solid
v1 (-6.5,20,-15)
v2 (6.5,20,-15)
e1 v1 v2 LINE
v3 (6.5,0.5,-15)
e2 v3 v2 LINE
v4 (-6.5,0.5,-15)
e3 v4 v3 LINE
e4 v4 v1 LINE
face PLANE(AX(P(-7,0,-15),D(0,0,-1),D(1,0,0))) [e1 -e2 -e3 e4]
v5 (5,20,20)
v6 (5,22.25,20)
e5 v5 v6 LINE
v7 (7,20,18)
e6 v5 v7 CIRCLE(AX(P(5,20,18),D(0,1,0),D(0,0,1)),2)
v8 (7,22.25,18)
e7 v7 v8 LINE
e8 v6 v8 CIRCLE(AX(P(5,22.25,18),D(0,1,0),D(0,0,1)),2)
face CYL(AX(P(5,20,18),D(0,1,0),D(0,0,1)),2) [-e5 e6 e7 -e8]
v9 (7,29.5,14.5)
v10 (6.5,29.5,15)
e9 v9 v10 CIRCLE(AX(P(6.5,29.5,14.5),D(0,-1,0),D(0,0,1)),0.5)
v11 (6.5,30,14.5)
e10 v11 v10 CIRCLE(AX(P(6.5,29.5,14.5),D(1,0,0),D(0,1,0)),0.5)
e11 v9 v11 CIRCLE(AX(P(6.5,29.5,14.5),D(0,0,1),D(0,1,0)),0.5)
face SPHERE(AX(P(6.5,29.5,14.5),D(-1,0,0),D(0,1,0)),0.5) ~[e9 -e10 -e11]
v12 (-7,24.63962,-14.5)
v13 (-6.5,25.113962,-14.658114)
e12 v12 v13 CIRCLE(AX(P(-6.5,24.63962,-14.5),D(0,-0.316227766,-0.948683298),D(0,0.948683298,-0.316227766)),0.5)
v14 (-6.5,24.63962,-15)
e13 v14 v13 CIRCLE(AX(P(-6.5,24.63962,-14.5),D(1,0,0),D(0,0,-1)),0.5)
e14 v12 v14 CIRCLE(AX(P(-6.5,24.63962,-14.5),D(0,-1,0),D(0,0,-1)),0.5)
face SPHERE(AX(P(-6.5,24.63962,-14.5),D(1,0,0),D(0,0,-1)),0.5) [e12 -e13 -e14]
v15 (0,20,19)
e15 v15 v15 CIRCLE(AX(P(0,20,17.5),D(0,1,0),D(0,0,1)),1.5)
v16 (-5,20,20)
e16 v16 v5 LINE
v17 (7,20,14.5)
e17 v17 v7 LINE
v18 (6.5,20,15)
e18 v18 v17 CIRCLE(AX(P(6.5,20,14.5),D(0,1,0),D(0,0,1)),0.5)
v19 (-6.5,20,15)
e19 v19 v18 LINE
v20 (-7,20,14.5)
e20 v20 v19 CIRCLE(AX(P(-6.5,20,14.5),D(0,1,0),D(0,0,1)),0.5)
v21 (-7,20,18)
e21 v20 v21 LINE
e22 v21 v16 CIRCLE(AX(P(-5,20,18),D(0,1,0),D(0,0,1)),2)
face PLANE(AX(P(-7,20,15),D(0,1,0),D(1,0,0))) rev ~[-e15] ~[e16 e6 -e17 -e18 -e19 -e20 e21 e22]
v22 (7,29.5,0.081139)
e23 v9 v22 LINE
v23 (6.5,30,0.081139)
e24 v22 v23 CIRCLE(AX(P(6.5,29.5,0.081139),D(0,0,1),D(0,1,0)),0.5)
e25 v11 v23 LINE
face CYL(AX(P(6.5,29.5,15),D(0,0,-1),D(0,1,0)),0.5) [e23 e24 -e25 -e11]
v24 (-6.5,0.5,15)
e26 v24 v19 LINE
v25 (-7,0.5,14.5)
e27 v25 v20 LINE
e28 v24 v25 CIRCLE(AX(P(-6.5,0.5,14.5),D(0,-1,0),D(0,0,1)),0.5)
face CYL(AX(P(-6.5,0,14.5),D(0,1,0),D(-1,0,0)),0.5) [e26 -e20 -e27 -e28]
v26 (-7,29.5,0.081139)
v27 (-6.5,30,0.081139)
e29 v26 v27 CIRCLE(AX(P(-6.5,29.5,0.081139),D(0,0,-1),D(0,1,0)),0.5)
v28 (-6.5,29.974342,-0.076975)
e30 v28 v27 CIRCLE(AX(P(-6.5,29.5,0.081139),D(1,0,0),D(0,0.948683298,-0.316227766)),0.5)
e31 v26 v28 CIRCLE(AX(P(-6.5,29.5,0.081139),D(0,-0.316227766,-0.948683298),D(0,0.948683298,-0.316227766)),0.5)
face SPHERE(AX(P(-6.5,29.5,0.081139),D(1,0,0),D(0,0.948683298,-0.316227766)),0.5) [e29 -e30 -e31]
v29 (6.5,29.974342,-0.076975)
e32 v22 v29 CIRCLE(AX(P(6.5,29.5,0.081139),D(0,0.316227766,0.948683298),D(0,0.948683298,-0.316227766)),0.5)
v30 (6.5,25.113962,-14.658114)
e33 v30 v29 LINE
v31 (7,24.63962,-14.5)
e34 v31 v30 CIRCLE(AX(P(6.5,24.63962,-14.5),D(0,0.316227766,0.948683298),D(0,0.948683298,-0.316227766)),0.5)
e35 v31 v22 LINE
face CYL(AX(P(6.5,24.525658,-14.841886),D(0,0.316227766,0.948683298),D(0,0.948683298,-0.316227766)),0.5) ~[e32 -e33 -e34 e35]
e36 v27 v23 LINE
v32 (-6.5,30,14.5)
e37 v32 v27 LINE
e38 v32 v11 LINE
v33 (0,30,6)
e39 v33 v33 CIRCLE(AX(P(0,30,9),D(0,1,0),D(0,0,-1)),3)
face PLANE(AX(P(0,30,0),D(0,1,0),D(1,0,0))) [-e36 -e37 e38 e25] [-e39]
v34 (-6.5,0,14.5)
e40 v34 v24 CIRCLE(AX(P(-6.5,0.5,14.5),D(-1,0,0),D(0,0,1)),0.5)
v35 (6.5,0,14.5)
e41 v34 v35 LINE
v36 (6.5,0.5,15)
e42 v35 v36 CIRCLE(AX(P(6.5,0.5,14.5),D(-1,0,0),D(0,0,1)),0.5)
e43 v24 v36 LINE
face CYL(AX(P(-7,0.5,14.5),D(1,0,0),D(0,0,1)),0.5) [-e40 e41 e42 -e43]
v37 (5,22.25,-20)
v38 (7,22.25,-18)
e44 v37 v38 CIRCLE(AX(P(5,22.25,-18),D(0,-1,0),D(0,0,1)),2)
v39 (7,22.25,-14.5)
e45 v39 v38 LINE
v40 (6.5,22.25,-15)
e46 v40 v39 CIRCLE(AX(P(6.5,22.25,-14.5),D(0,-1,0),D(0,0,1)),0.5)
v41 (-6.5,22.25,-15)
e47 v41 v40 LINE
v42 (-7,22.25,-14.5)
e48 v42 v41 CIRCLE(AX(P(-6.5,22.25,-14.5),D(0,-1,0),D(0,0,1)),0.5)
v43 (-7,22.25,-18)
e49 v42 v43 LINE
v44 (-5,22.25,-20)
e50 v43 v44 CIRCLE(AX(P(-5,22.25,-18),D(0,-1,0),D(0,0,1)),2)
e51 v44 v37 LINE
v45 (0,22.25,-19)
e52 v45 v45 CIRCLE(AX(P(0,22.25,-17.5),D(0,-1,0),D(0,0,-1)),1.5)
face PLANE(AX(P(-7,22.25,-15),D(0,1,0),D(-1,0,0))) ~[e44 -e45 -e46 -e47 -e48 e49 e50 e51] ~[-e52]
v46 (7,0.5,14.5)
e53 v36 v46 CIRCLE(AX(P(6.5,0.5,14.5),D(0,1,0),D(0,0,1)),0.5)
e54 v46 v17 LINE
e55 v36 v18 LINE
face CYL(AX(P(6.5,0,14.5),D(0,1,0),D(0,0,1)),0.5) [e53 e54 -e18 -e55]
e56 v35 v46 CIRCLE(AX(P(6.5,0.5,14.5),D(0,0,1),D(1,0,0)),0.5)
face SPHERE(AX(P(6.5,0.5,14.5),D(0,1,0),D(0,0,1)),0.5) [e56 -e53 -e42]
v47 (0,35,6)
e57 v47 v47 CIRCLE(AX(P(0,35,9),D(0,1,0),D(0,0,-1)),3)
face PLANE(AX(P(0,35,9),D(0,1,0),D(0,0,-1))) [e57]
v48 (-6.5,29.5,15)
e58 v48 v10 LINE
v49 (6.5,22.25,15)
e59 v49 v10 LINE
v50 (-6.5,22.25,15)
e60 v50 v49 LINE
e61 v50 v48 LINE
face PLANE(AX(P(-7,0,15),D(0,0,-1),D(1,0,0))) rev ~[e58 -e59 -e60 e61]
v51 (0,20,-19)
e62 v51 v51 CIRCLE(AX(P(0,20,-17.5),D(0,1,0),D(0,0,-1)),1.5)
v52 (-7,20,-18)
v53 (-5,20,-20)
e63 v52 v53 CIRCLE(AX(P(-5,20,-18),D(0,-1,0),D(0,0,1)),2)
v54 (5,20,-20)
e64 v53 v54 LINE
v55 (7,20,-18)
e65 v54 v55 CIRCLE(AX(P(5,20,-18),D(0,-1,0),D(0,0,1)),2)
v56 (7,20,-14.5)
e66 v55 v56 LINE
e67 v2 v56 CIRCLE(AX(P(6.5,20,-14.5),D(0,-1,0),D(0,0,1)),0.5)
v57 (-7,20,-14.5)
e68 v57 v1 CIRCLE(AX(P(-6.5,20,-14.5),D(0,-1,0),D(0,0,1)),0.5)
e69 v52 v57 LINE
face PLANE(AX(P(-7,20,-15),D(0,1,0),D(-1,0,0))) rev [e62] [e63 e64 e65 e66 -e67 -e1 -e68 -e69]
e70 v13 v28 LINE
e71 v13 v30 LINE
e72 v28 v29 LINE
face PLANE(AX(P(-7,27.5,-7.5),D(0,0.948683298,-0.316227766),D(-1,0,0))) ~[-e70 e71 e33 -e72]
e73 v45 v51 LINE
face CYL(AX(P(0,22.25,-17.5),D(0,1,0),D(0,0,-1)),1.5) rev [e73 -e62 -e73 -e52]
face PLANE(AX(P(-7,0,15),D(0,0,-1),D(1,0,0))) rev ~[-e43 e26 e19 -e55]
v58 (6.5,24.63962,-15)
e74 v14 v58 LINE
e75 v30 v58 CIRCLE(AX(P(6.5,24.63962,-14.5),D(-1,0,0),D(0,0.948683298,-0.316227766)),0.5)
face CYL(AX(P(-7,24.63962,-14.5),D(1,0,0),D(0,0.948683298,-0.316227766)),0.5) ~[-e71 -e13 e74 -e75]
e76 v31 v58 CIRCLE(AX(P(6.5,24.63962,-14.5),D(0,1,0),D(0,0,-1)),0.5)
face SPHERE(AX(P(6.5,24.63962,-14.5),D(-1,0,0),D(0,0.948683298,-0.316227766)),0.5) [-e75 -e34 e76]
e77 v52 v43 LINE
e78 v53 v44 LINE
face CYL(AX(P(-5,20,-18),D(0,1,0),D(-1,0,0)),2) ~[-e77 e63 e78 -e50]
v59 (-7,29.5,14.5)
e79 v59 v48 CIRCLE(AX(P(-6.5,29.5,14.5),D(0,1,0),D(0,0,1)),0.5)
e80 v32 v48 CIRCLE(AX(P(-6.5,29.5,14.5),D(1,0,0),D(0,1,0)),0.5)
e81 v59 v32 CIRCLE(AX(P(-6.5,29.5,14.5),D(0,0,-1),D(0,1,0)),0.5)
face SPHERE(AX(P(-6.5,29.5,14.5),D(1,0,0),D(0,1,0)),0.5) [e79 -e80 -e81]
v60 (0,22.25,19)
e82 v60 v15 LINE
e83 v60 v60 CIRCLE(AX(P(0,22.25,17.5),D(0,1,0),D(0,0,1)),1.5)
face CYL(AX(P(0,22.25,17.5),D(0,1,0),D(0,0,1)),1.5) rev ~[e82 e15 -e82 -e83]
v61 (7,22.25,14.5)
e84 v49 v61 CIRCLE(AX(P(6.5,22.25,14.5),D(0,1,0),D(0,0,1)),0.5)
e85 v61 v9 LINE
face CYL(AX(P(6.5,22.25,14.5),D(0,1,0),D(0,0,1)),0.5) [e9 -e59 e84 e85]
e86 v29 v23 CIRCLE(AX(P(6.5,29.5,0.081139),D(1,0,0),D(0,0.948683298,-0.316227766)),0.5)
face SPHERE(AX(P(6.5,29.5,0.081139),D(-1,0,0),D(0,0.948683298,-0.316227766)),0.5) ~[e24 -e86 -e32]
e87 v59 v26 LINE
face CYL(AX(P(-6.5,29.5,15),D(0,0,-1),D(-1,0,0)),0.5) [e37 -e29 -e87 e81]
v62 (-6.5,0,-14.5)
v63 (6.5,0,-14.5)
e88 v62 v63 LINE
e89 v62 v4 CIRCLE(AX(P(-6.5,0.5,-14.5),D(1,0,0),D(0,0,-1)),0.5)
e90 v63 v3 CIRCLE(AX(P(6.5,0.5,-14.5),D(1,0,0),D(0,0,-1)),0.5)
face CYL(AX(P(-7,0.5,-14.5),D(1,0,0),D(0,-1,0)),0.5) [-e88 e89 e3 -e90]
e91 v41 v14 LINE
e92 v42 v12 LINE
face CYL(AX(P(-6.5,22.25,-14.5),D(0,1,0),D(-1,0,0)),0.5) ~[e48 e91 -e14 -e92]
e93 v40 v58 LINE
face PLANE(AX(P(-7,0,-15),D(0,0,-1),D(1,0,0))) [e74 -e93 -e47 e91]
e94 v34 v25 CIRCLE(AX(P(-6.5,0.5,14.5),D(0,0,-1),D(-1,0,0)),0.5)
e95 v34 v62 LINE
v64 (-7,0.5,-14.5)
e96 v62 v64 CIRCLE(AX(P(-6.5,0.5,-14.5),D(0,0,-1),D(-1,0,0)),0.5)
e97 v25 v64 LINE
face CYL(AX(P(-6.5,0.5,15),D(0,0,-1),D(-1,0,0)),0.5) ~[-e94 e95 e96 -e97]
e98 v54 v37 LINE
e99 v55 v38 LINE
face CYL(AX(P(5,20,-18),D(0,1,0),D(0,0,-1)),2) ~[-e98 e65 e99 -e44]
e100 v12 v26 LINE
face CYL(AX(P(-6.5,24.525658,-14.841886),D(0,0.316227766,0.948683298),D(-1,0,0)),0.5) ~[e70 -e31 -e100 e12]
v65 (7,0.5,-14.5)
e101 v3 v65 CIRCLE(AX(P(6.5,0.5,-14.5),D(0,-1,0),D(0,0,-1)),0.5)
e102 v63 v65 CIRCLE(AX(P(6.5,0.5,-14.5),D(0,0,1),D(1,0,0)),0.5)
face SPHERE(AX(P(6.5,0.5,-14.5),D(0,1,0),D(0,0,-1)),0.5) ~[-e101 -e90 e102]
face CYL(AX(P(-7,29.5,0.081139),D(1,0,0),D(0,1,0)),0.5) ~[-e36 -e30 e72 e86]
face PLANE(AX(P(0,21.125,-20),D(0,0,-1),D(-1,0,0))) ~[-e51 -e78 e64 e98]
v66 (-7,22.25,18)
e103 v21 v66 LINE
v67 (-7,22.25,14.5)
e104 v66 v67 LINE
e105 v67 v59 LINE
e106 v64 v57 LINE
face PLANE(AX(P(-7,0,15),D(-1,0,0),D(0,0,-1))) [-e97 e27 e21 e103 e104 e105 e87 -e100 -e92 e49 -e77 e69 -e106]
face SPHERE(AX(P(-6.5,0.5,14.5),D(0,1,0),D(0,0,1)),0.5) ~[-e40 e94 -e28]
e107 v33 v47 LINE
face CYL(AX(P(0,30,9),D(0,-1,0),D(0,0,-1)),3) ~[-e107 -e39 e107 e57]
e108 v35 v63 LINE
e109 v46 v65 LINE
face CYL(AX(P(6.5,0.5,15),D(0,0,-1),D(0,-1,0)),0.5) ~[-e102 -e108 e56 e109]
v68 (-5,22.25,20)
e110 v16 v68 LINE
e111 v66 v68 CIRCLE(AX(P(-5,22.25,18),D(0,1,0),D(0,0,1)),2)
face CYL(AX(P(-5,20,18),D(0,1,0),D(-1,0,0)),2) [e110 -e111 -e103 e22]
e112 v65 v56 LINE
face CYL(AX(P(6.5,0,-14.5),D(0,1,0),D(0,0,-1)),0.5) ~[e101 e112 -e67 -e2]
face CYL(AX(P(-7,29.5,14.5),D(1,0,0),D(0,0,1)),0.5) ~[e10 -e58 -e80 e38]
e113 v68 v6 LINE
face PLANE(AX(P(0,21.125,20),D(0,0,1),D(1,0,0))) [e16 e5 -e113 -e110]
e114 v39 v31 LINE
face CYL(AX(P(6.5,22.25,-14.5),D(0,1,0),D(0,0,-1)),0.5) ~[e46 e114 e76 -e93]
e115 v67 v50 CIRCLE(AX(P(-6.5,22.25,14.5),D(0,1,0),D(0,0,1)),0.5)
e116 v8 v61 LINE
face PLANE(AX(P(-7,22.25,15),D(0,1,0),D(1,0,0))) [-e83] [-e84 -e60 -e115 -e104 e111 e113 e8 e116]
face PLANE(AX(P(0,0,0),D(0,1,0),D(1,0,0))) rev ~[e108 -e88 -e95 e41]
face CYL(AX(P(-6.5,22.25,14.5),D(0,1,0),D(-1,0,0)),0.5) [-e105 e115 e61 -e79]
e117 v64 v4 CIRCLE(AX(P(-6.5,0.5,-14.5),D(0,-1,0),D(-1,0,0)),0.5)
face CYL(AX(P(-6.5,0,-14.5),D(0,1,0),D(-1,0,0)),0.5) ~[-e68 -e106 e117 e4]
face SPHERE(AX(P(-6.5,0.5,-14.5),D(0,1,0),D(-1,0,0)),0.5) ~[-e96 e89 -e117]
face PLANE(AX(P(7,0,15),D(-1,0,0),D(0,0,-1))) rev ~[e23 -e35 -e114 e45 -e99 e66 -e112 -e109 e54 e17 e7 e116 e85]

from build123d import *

# Parameters (mm, degrees)
SKETCH1_W           = 14
SKETCH1_H           = 30
BOSS_EXTRUDE1_DEPTH = 30
SKETCH2_W           = 14
SKETCH2_H           = 2.25
BOSS_EXTRUDE2_DEPTH = 5
SKETCH3_R           = 1.5
CUT_EXTRUDE1_DEPTH  = 31.725600076
SKETCH4_R           = 3
BOSS_EXTRUDE3_DEPTH = 5
CHAMFER1_SIZE       = 5
CHAMFER1_SIZE2      = 15
FILLET1_R           = 2
FILLET2_R           = 0.5


with BuildPart() as part:
    # Sketch1 → Boss-Extrude1 (new body)
    with BuildSketch(Plane(origin=(0, 0, 0), x_dir=(1, 0, 0), z_dir=(0, 1, 0))):
        Rectangle(SKETCH1_W, SKETCH1_H)
    extrude(amount=BOSS_EXTRUDE1_DEPTH)

    # Sketch2 → Boss-Extrude2 (add)
    with BuildSketch(Plane.XY.offset(15)):
        with Locations((0, 21.125)):
            Rectangle(SKETCH2_W, SKETCH2_H)
    boss_extrude2 = extrude(amount=BOSS_EXTRUDE2_DEPTH)

    # Sketch3 → Cut-Extrude1 (cut, through all)
    with BuildSketch(Plane(origin=(0, 22.25, 0), x_dir=(1, 0, 0), z_dir=(0, 1, 0))):
        with Locations(Location((0, -17.5, 0), (0, 0, 270))):
            Circle(SKETCH3_R)
    cut_extrude1 = extrude(amount=-CUT_EXTRUDE1_DEPTH, mode=Mode.SUBTRACT)

    # Mirror1: Boss-Extrude2, Cut-Extrude1 across plane
    add(boss_extrude2.mirror(Plane.XY))
    add(cut_extrude1.mirror(Plane.XY), mode=Mode.SUBTRACT)

    # Sketch4 → Boss-Extrude3 (add)
    with BuildSketch(Plane(origin=(0, 30, 0), x_dir=(1, 0, 0), z_dir=(0, 1, 0))):
        with Locations(Location((0, -9, 0), (0, 0, 90))):
            Circle(SKETCH4_R)
    extrude(amount=BOSS_EXTRUDE3_DEPTH)

    # Chamfer1
    chamfer1_edges = [part.edges().sort_by_distance(p)[0] for p in [
        (0, 30, -15),
    ]]
    chamfer1_side = [part.faces().sort_by_distance(p)[0] for p in [
        (0, 26.125, -15),
    ]]
    chamfer(chamfer1_edges, length=CHAMFER1_SIZE, length2=CHAMFER1_SIZE2, reference=chamfer1_side[0])

    # Fillet1
    fillet1_edges = [part.edges().sort_by_distance(p)[0] for p in [
        (-7, 21.125, 20),
        (7, 21.125, 20),
        (-7, 21.125, -20),
        (7, 21.125, -20),
    ]]
    fillet(fillet1_edges, radius=FILLET1_R)

    # Fillet2
    fillet2_edges = [part.edges().sort_by_distance(p)[0] for p in [
        (0, 30, 15),
        (7, 10, 15),
        (-7, 10, 15),
        (-7, 10, -15),
        (7, 10, -15),
        (7, 30, 7.5),
        (0, 0, 15),
        (-7, 0, 0),
        (0, 0, -15),
        (7, 0, 0),
        (-7, 30, 7.5),
        (0, 30, 0),
        (-7, 23.625, -15),
        (-7, 27.5, -7.5),
        (7, 23.625, -15),
        (0, 25, -15),
        (7, 27.5, -7.5),
        (7, 26.125, 15),
        (-7, 26.125, 15),
    ]]
    fillet(fillet2_edges, radius=FILLET2_R)


solid = part.part
